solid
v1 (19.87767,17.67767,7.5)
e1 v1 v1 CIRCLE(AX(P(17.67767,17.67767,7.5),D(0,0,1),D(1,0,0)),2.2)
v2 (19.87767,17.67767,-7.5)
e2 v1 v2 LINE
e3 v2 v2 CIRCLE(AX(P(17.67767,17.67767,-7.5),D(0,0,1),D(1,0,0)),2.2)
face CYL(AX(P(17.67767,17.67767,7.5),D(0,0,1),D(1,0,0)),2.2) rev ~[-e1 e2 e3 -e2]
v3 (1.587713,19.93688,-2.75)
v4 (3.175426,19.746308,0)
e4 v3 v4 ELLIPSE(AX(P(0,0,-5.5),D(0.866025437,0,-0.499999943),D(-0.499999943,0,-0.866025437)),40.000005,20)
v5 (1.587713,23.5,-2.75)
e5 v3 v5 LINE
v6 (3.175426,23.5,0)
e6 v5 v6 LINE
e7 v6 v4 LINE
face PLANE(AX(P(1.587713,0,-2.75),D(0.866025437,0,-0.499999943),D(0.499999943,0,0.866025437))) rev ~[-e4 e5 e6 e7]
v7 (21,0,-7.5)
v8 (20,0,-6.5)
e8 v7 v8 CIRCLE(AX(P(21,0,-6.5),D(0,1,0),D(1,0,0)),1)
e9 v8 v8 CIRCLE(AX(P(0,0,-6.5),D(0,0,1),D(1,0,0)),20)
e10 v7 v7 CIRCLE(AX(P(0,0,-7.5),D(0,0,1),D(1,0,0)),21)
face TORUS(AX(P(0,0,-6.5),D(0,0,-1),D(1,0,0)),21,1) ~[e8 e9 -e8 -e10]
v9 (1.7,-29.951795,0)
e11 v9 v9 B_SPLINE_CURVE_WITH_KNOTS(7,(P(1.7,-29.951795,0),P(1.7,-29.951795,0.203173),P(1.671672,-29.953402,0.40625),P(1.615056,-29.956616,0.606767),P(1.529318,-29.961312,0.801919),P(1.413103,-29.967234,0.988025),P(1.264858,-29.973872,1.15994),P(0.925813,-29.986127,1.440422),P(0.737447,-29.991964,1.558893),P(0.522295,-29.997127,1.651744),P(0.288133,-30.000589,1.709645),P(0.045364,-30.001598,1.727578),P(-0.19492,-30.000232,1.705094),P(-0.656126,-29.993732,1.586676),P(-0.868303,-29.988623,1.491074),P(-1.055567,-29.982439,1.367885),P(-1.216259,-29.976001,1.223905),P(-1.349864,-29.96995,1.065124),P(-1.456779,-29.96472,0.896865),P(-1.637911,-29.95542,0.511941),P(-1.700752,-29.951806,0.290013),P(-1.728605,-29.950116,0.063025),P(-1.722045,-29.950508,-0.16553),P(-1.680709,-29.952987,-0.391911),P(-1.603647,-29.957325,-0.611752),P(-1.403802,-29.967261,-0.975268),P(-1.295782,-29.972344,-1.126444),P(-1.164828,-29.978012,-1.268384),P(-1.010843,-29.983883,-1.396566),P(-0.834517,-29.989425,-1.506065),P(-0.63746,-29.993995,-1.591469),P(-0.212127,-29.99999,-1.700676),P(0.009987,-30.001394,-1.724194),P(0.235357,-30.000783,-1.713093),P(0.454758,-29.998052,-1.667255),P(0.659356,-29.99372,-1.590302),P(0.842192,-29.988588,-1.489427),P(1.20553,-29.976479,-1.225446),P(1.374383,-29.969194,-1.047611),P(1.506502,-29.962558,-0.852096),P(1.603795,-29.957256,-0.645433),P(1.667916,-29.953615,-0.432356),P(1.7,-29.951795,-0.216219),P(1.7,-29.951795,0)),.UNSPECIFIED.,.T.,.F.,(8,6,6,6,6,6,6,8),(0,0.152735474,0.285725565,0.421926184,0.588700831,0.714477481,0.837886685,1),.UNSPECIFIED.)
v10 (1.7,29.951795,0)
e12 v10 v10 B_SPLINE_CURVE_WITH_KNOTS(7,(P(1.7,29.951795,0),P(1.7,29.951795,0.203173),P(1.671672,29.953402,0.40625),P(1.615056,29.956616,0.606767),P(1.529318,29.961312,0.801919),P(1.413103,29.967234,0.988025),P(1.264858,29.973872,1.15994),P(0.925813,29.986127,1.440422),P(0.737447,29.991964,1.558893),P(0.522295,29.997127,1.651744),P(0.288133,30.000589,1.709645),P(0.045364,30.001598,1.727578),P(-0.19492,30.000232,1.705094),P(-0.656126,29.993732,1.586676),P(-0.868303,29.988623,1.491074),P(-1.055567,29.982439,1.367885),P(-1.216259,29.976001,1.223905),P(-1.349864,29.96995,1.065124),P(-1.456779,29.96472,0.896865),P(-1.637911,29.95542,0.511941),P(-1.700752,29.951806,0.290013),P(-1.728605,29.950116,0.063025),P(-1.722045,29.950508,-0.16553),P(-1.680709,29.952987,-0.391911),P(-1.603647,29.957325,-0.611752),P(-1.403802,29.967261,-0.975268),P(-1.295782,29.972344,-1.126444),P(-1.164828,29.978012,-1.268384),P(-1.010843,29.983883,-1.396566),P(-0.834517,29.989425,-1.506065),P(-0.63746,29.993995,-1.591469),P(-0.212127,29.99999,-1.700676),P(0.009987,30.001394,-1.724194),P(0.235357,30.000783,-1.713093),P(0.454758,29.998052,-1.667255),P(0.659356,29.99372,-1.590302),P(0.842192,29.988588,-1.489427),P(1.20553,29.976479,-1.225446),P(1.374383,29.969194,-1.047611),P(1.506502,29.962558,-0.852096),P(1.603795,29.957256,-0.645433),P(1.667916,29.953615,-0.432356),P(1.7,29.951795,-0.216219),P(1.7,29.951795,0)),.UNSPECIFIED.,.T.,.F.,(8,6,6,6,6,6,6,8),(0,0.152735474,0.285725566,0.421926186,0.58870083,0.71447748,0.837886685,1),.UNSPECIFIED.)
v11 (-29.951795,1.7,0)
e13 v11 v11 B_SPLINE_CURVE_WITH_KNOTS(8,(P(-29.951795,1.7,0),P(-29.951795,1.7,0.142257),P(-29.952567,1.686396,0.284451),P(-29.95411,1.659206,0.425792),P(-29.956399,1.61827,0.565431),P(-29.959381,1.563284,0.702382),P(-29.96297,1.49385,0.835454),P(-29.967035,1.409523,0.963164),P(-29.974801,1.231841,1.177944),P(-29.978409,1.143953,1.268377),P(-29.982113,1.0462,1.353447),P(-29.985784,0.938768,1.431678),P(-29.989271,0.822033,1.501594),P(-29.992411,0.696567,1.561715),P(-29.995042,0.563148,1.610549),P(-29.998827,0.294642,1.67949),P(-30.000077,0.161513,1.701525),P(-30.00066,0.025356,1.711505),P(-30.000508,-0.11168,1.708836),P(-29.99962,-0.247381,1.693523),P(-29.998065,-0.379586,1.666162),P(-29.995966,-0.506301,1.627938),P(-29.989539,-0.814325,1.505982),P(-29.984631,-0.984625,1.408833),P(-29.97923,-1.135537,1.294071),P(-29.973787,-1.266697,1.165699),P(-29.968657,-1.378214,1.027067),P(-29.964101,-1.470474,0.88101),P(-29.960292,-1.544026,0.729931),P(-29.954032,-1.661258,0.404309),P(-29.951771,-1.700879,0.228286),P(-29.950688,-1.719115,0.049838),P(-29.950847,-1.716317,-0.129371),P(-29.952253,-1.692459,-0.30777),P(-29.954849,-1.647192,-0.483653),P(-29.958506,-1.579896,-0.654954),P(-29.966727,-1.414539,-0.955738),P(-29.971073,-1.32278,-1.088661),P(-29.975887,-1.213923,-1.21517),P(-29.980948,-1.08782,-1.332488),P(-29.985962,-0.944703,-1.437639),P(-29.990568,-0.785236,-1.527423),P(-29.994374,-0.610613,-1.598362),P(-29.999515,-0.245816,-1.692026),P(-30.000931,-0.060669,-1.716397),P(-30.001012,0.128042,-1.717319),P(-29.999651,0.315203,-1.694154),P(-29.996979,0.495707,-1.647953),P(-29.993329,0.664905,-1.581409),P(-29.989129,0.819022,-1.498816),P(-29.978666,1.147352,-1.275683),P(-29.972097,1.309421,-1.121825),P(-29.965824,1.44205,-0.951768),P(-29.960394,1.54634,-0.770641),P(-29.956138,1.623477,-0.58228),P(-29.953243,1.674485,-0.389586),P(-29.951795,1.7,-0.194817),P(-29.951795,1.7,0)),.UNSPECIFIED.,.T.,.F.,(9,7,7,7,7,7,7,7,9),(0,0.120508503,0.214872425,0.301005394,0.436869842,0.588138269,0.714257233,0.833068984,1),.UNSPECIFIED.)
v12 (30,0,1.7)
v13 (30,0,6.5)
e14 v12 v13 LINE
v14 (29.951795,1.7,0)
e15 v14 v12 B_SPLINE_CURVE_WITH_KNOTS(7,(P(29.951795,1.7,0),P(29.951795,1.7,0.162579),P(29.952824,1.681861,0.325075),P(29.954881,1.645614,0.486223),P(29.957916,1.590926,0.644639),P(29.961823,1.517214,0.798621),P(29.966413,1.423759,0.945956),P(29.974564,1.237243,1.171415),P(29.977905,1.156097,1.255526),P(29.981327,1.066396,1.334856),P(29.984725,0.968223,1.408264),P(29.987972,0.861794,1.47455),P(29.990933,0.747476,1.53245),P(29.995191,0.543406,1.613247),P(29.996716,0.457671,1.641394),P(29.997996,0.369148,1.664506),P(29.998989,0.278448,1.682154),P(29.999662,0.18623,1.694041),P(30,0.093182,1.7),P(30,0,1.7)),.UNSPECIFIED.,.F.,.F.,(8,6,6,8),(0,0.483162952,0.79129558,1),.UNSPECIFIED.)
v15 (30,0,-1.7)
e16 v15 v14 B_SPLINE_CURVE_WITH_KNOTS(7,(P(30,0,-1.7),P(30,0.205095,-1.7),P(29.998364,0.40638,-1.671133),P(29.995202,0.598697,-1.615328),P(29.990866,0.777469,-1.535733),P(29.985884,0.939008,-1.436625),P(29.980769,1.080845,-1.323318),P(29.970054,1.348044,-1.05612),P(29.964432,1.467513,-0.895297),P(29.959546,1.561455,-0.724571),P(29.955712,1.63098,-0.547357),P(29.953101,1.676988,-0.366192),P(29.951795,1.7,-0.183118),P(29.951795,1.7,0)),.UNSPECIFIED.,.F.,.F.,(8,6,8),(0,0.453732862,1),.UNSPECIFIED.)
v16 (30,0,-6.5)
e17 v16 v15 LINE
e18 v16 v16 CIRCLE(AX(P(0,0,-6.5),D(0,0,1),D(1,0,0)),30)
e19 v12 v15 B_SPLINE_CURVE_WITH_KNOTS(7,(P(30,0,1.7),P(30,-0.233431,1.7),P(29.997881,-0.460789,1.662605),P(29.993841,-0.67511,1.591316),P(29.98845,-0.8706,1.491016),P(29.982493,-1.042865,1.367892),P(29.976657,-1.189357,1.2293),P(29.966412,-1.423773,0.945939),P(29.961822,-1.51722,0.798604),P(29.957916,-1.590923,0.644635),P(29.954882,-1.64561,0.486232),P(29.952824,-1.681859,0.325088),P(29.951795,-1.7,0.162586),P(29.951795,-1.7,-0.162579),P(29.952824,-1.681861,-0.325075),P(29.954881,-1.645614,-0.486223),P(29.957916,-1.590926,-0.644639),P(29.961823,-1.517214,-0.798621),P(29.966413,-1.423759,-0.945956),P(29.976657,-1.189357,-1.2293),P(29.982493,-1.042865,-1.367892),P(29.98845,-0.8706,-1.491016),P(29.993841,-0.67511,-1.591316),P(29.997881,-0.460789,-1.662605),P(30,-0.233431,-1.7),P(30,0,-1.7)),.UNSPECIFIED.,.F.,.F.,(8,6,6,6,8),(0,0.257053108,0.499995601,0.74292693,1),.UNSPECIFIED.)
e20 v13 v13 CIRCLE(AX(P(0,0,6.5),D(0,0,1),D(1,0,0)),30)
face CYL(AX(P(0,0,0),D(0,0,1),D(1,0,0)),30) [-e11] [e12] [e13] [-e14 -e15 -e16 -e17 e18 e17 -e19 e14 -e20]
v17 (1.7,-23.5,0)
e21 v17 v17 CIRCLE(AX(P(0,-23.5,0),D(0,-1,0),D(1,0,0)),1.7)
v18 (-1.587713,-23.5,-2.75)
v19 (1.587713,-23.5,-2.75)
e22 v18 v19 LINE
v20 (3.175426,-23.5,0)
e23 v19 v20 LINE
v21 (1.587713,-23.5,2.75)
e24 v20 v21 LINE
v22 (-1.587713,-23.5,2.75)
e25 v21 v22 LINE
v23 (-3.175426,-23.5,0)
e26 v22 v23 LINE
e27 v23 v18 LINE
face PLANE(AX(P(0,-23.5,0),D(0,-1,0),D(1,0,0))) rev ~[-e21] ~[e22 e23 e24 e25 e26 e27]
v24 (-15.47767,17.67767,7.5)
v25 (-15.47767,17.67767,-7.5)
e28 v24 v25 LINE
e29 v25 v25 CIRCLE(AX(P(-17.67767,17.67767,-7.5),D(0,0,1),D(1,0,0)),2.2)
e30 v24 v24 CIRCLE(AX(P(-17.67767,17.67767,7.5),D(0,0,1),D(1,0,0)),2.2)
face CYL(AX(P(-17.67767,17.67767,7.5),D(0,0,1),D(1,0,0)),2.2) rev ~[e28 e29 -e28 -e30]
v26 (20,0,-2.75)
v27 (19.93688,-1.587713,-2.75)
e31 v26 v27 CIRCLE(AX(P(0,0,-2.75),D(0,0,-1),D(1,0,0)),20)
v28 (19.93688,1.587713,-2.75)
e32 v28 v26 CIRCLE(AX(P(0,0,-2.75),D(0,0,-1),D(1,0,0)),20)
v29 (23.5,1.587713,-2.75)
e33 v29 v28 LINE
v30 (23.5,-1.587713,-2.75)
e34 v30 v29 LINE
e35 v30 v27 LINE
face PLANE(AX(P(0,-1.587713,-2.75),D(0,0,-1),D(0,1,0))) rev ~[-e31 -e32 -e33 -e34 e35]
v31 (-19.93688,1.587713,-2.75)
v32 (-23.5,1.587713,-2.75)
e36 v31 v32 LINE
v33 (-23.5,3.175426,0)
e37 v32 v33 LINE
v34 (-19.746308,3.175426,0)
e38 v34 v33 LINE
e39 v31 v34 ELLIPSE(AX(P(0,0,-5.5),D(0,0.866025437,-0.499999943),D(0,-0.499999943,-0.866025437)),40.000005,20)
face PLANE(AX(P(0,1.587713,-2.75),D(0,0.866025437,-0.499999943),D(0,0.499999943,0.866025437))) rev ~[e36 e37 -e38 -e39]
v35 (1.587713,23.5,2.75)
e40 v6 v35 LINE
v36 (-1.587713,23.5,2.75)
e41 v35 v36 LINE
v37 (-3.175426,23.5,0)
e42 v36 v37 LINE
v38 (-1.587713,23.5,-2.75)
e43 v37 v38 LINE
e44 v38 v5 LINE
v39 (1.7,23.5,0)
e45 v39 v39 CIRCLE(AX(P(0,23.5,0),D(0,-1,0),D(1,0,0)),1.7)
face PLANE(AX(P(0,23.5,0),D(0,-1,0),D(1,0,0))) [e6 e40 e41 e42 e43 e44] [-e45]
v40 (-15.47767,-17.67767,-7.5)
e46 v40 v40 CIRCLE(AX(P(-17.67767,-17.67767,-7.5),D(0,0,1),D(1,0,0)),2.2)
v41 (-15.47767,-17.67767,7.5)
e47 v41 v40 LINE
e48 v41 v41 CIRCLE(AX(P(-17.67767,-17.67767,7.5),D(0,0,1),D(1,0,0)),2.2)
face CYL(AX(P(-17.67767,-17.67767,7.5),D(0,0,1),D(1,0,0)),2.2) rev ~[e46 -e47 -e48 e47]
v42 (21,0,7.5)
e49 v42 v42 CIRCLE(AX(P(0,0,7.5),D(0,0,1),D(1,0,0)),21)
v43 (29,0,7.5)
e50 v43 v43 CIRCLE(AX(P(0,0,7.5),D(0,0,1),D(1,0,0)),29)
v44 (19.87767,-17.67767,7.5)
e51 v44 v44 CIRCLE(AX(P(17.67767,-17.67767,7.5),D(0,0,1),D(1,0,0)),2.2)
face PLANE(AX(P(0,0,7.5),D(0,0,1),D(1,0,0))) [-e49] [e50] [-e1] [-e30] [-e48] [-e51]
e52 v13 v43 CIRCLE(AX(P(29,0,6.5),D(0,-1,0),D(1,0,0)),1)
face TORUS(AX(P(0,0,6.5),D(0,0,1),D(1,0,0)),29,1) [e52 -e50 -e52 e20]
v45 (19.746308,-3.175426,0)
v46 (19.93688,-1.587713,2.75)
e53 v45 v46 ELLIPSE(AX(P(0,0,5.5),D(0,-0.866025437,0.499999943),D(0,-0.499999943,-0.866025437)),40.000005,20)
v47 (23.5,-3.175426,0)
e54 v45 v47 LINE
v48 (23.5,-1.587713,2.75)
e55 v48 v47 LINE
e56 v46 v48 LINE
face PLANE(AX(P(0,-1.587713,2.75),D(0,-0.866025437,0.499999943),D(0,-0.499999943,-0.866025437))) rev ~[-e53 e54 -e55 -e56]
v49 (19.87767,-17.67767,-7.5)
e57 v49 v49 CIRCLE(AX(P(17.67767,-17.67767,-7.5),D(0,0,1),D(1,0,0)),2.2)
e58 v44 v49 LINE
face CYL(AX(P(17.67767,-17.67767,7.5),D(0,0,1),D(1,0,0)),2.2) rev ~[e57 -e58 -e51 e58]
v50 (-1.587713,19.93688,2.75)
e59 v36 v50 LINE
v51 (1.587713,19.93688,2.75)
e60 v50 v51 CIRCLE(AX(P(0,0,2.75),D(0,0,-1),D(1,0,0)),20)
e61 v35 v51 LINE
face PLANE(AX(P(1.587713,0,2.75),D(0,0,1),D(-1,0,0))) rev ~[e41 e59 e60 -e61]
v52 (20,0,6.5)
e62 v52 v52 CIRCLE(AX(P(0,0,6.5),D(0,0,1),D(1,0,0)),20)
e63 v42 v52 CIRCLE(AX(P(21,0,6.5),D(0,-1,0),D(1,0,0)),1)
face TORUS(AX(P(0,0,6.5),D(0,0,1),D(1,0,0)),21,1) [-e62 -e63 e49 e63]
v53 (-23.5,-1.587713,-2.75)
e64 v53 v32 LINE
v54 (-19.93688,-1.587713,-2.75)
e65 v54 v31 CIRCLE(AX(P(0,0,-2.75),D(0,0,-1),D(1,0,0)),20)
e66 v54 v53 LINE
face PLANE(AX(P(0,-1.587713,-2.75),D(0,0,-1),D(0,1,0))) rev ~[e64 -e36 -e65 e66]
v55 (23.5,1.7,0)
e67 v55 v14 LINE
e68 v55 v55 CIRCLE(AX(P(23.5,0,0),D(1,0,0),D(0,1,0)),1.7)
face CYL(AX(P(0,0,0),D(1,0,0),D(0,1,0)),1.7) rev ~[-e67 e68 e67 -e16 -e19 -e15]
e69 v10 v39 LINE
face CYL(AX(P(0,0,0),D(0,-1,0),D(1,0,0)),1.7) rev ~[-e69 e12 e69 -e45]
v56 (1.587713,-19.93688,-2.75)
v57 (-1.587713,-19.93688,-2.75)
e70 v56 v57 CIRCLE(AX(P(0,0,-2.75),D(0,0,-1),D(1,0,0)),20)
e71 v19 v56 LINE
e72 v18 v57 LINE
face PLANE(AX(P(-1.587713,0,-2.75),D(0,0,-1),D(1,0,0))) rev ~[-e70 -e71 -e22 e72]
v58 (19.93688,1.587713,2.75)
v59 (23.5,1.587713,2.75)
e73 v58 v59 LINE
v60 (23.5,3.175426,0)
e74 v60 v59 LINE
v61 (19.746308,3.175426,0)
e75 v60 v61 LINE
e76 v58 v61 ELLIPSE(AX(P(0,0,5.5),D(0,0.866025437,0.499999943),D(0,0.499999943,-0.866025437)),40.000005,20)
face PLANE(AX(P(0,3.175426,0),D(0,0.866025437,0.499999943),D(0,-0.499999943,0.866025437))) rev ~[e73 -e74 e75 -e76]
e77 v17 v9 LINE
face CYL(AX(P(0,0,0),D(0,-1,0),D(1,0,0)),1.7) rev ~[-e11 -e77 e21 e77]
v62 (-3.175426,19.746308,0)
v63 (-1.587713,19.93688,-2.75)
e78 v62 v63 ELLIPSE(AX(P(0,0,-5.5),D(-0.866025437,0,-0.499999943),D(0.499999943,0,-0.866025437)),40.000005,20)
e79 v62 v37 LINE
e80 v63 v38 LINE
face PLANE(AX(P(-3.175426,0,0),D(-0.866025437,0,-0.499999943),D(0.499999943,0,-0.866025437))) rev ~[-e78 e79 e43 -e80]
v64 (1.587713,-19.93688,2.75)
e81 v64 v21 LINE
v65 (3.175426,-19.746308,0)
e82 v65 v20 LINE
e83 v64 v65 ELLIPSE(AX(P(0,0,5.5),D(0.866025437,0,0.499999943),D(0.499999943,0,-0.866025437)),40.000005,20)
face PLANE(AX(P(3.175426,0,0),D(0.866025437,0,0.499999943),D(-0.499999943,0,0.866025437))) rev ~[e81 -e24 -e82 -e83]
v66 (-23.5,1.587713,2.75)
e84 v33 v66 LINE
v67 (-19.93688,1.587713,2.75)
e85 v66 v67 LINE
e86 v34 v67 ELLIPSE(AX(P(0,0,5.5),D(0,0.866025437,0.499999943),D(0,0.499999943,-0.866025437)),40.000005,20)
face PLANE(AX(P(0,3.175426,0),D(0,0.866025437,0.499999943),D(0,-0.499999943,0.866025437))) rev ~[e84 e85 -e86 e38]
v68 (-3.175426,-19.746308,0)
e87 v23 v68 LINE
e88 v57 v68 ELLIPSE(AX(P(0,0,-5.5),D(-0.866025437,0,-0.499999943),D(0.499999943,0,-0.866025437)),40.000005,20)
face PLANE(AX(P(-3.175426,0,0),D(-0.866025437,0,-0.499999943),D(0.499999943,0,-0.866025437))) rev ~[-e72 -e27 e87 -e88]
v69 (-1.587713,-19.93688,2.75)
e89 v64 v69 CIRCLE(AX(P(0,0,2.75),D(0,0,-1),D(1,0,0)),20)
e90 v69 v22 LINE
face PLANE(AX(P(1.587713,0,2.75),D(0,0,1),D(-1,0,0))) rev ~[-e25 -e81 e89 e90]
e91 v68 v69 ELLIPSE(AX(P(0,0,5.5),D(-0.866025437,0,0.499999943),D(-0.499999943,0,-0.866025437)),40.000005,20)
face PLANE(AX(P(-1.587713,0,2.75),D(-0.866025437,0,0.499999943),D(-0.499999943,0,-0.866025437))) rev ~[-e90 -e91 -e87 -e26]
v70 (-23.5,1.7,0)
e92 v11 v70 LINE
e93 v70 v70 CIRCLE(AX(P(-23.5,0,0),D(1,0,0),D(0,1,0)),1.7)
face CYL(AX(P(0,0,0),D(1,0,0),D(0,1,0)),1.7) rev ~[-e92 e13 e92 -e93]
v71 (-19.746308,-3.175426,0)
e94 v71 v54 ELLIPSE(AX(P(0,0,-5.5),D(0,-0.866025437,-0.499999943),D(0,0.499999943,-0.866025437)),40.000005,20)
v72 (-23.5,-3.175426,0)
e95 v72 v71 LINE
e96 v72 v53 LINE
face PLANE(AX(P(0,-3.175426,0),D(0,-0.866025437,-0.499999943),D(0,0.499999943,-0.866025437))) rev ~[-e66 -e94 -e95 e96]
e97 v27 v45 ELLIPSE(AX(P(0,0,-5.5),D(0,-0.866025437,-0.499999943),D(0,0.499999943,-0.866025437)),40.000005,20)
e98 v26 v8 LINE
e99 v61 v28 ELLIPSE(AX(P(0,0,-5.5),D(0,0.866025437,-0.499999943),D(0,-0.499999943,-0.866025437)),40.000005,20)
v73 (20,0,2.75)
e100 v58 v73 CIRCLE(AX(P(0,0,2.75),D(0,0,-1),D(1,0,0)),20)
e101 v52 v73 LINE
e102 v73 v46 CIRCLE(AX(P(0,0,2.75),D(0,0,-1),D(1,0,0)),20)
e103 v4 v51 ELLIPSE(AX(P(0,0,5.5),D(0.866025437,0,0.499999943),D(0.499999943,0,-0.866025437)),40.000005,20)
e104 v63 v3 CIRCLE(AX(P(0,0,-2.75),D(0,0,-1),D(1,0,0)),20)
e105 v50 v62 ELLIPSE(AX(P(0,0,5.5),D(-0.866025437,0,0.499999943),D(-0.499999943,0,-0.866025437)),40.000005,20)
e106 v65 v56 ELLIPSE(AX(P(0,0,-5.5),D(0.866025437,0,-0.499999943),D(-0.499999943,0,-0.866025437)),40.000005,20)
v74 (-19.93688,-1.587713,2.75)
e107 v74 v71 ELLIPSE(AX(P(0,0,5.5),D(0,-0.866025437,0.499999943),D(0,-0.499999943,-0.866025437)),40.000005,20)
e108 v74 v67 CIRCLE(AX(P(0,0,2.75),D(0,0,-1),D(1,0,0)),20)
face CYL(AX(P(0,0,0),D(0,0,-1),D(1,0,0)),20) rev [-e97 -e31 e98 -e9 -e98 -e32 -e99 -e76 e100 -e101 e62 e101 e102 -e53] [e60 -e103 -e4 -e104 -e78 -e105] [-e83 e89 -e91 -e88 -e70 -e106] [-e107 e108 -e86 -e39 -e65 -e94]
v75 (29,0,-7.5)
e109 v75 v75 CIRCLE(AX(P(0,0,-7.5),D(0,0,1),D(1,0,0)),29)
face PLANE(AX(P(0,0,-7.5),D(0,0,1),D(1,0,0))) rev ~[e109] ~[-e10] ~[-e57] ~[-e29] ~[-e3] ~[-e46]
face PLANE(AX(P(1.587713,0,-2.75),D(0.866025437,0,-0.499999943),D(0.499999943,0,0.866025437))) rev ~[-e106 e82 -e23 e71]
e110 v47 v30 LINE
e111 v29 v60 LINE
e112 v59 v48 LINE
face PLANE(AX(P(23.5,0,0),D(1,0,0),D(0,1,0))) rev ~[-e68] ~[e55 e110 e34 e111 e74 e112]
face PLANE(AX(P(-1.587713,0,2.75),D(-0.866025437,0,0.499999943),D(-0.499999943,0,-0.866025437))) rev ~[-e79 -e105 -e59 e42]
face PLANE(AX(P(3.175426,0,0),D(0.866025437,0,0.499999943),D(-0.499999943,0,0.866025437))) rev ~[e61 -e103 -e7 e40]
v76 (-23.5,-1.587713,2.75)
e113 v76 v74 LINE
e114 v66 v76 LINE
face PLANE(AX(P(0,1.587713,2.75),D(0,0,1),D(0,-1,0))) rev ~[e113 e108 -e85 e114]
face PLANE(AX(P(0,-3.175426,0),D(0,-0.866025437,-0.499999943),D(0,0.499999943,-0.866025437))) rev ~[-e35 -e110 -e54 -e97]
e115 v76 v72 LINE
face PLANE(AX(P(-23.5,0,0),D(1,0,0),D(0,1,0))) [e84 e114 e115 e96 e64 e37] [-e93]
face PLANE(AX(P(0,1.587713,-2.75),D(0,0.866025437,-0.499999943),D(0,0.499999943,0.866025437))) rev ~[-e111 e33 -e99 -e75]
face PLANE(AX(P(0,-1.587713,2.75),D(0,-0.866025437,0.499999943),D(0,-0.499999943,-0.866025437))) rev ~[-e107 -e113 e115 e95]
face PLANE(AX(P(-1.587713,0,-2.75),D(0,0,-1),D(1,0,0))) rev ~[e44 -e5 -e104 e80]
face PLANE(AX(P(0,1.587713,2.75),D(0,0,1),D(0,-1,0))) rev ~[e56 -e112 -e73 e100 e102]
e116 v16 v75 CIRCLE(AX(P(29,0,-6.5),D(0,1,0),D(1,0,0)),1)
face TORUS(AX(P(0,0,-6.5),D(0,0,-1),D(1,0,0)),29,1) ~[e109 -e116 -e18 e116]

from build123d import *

# Parameters (mm, degrees)
PAD004_DEPTH = 23.5
PAD003_DEPTH = 23.5
SKETCH004_R  = 1.7
PAD002_DEPTH = 32.5
SKETCH003_R  = 1.7
PAD001_DEPTH = 32.5
SKETCH_R     = 30
SKETCH_R_2   = 20
PAD_DEPTH    = 7.5
SKETCH001_R  = 2.2
POCKET_DEPTH = 15.001
FILLET_R     = 1


with BuildPart() as pad_m3nut1:
    # Sketch006 → Pad004 (new body, symmetric)
    with BuildSketch(Plane.XZ):
        Polygon((1.587713, -2.75), (3.175426, 0), (1.587713, 2.75), (-1.587713, 2.75), (-3.175426, 0), (-1.587713, -2.75), align=None)
    extrude(amount=PAD004_DEPTH, both=True)


with BuildPart() as pad_m3nut:
    # Sketch005 → Pad003 (new body, symmetric)
    with BuildSketch(Plane.YZ):
        Polygon((3.175426, 0), (1.587713, 2.75), (-1.587713, 2.75), (-3.175426, 0), (-1.587713, -2.75), (1.587713, -2.75), align=None)
    extrude(amount=PAD003_DEPTH, both=True)


with BuildPart() as pad_m3_pocket1:
    # Sketch004 → Pad002 (new body, symmetric)
    with BuildSketch(Plane.YZ):
        Circle(SKETCH004_R)
    extrude(amount=PAD002_DEPTH, both=True)


with BuildPart() as pad_m3_pocket2:
    # Sketch003 → Pad001 (new body, symmetric)
    with BuildSketch(Plane.XZ):
        Circle(SKETCH003_R)
    extrude(amount=PAD001_DEPTH, both=True)


with BuildPart() as fillet_body:
    # Sketch → Pad (new body, symmetric)
    with BuildSketch(Plane.XY):
        Circle(SKETCH_R)
        Circle(SKETCH_R_2, mode=Mode.SUBTRACT)
    extrude(amount=PAD_DEPTH, both=True)

    # Sketch001 (on Face4 of Pad) → Pocket (cut, through all)
    with BuildSketch(Plane.XY.offset(7.5)):
        with Locations((-17.67767, 17.67767)):
            Circle(SKETCH001_R)
        with Locations((17.67767, 17.67767)):
            Circle(SKETCH001_R)
        with Locations((-17.67767, -17.67767)):
            Circle(SKETCH001_R)
        with Locations((17.67767, -17.67767)):
            Circle(SKETCH001_R)
    extrude(amount=-POCKET_DEPTH, mode=Mode.SUBTRACT)

    # Cut: cut Pad-M3-pocket2
    add(pad_m3_pocket2.part, mode=Mode.SUBTRACT)

    # Cut001: cut Pad-M3-pocket1
    add(pad_m3_pocket1.part, mode=Mode.SUBTRACT)

    # Cut002: cut Pad-M3Nut
    add(pad_m3nut.part, mode=Mode.SUBTRACT)

    # Cut003: cut Pad-M3Nut1
    add(pad_m3nut1.part, mode=Mode.SUBTRACT)

    # Fillet
    fillet_edges = [fillet_body.edges().sort_by_distance(p)[0] for p in [
        (-30, 0, 7.5),
        (-30, 0, -7.5),
        (-20, 0, 7.5),
        (-20, 0, -7.5),
    ]]
    fillet(fillet_edges, radius=FILLET_R)


solid = fillet_body.part
